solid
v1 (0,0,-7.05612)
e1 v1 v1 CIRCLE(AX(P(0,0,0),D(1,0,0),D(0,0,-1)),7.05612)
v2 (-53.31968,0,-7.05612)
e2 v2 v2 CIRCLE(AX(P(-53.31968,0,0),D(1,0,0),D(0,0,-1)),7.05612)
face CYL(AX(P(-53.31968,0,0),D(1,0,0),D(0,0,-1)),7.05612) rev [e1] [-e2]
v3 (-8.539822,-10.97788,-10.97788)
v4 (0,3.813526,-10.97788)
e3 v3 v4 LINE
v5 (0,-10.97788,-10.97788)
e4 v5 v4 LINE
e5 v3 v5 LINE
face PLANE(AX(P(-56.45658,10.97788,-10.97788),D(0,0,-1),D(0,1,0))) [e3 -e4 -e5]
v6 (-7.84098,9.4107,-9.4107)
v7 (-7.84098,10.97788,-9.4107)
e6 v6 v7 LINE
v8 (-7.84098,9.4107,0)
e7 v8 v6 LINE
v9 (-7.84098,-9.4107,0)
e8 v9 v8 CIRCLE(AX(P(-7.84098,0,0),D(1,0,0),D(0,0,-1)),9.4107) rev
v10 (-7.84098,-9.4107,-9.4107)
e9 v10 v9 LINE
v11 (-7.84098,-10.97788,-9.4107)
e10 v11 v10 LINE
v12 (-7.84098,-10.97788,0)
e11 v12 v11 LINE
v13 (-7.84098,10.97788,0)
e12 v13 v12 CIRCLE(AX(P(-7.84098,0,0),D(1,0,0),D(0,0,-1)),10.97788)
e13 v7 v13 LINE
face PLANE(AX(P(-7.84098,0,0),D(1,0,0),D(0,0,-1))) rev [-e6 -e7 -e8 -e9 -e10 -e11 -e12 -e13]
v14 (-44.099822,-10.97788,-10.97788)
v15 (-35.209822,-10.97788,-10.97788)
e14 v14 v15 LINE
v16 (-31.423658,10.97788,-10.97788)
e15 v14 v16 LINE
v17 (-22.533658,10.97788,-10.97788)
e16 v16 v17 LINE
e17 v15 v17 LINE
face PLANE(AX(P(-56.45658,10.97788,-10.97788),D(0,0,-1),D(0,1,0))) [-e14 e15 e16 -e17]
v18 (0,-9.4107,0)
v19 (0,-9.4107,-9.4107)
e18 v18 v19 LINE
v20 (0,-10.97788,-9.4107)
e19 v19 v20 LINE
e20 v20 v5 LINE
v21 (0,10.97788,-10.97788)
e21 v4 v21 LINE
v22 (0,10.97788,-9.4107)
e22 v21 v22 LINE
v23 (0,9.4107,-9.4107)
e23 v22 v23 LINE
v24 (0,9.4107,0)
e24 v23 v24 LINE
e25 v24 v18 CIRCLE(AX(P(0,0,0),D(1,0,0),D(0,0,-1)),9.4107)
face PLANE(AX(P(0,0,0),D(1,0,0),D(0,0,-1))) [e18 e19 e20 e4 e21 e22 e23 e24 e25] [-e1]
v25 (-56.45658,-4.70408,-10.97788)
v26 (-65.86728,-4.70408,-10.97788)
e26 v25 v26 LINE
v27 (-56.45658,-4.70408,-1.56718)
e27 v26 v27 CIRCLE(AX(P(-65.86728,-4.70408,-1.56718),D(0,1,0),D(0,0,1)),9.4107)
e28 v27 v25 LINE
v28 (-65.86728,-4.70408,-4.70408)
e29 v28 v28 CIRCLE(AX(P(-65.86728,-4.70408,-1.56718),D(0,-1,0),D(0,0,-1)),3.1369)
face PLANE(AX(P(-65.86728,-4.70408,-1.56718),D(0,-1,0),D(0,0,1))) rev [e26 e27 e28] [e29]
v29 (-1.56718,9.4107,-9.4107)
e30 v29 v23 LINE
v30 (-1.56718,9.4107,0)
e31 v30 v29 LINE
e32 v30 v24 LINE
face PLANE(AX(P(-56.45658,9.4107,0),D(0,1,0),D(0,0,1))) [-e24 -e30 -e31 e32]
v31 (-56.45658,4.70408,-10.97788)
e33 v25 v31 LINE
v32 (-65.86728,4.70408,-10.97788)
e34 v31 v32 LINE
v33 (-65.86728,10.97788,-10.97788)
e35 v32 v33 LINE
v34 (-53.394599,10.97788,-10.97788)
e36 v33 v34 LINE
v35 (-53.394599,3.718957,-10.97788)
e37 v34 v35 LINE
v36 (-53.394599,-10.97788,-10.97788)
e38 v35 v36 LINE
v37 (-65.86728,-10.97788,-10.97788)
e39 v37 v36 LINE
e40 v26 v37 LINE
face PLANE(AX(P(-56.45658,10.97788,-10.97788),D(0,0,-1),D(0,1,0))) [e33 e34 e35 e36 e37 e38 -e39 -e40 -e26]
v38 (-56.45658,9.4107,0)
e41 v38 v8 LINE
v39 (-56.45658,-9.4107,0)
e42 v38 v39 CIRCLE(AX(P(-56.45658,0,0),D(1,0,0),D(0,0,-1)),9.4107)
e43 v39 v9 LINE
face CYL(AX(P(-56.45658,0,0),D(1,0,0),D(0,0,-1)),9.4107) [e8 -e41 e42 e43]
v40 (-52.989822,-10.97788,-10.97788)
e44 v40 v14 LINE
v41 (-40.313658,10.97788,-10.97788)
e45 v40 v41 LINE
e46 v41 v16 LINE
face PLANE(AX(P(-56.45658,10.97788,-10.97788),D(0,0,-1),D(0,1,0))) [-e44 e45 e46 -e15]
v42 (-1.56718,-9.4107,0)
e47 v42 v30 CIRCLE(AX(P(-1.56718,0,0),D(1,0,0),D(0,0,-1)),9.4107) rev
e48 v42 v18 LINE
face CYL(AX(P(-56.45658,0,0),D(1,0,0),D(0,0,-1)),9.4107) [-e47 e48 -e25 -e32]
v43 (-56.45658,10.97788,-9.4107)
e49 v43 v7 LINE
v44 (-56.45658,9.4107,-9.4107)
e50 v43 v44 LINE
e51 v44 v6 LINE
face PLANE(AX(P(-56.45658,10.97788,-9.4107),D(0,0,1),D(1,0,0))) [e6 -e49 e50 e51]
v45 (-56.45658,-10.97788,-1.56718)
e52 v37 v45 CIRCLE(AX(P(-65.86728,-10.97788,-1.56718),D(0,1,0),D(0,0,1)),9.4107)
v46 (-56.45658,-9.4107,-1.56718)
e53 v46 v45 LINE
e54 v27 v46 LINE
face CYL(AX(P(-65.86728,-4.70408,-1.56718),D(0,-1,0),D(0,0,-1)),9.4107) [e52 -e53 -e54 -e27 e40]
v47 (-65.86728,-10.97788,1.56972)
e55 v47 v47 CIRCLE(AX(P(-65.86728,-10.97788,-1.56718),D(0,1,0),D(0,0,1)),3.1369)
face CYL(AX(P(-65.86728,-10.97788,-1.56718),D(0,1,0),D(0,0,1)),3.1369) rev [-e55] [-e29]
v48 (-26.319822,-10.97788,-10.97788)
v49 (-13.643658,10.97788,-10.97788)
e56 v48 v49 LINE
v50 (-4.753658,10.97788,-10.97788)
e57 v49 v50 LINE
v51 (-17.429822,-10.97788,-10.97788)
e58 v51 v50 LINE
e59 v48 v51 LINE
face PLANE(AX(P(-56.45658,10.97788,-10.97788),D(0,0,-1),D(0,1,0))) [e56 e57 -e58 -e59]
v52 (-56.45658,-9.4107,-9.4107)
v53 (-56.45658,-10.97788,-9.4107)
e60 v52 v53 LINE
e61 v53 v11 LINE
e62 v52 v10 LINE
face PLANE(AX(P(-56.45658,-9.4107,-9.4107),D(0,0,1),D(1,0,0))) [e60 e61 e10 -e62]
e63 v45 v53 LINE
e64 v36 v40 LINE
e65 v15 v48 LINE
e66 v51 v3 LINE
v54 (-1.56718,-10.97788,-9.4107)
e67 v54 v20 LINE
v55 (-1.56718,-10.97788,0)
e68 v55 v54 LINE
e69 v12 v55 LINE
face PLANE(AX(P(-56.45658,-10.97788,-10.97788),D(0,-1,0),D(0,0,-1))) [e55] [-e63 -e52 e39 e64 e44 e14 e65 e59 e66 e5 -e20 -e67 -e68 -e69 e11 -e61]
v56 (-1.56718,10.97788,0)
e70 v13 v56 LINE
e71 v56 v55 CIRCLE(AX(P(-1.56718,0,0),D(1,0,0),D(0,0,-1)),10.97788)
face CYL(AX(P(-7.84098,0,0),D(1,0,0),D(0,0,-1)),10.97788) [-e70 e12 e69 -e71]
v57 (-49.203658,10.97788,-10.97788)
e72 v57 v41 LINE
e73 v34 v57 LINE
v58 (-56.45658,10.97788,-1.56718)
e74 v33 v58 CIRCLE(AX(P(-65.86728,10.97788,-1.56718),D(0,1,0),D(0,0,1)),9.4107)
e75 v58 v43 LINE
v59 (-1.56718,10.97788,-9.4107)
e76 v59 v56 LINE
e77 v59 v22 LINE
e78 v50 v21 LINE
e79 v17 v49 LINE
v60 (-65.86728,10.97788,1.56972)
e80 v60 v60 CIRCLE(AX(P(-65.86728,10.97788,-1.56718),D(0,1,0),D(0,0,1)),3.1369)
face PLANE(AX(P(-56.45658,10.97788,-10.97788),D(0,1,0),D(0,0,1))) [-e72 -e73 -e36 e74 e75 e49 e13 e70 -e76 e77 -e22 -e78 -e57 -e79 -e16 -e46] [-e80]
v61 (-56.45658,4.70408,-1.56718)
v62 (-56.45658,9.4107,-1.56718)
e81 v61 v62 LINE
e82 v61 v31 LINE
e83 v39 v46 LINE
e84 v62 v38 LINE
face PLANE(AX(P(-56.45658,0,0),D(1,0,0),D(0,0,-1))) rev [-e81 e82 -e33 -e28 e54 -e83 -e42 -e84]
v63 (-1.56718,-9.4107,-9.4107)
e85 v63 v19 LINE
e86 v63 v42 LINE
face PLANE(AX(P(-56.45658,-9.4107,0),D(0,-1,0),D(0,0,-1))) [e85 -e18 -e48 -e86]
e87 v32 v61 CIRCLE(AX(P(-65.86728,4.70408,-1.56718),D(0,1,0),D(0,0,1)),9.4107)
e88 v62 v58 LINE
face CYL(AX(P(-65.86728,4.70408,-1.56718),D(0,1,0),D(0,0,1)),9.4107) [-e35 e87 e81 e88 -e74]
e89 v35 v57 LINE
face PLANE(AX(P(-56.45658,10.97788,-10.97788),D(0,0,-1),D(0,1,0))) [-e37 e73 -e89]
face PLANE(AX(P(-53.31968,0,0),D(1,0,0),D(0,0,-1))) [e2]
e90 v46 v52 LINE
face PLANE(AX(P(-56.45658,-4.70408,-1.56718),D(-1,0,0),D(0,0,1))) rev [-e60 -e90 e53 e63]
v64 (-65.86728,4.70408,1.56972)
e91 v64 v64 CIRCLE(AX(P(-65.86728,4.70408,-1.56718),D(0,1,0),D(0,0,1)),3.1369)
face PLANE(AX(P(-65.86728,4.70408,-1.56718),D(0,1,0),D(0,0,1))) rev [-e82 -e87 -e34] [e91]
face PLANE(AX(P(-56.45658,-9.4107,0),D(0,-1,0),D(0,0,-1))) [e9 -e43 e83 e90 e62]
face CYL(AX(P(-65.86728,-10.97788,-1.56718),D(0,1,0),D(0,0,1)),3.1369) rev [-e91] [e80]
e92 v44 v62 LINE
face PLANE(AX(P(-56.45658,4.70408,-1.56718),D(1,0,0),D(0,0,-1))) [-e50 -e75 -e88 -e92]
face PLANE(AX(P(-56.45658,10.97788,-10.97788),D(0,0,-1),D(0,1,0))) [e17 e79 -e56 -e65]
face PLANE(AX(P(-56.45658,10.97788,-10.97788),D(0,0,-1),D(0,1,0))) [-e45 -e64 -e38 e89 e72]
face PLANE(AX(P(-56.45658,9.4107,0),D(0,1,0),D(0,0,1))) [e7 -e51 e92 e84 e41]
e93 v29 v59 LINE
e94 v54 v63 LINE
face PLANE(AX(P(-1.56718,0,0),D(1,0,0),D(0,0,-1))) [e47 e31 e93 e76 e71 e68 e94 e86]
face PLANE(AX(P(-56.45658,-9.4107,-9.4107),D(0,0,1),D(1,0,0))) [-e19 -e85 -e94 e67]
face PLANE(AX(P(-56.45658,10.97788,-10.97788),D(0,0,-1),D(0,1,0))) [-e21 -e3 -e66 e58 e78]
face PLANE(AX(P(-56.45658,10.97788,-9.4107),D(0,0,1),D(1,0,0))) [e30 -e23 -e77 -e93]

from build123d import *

# Parameters (mm, degrees)
BOSS_EXTRUDE1_DEPTH = 56.45658
BOSS_EXTRUDE2_DEPTH = 6.2738
BOSS_EXTRUDE3_DEPTH = 6.2738
SKETCH5_R           = 3.1369
CUT_EXTRUDE1_DEPTH  = 22.95576
SKETCH6_R           = 7.05612
CUT_EXTRUDE2_DEPTH  = 53.31968


with BuildPart() as part:
    # Sketch1 → Boss-Extrude1 (new body)
    with BuildSketch(Plane(origin=(0, 0, 0), x_dir=(0, 0, -1), z_dir=(1, 0, 0))):
        with BuildLine():
            Line((10.97788, 10.97788), (10.97788, -10.97788))
            Line((10.97788, -10.97788), (9.4107, -10.97788))
            Line((9.4107, -10.97788), (9.4107, -9.4107))
            Line((9.4107, -9.4107), (0, -9.4107))
            ThreePointArc((0, -9.4107), (-9.4107, 0), (0, 9.4107))
            Line((0, 9.4107), (9.4107, 9.4107))
            Line((9.4107, 9.4107), (9.4107, 10.97788))
            Line((9.4107, 10.97788), (10.97788, 10.97788))
        make_face()
    extrude(amount=-BOSS_EXTRUDE1_DEPTH)

    # Sketch3 → Boss-Extrude2 (add)
    with BuildSketch(Plane(origin=(-1.56718, 0, 0), x_dir=(0, 0, -1), z_dir=(1, 0, 0))):
        with BuildLine():
            Line((9.4107, 10.97788), (0, 10.97788))
            ThreePointArc((0, 10.97788), (-10.97788, 0), (0, -10.97788))
            Line((0, -10.97788), (9.4107, -10.97788))
            Line((9.4107, -10.97788), (9.4107, 10.97788))
        make_face()
    extrude(amount=-BOSS_EXTRUDE2_DEPTH)

    # Sketch4 → Boss-Extrude3 (add)
    with BuildSketch(Plane(origin=(0, 10.97788, 0), x_dir=(1, 0, 0), z_dir=(0, 1, 0))):
        with BuildLine():
            Line((-56.45658, 10.97788), (-65.86728, 10.97788))
            ThreePointArc((-65.86728, 10.97788), (-72.521649786, -5.087189786), (-56.45658, 1.56718))
            Line((-56.45658, 1.56718), (-56.45658, 10.97788))
        make_face()
    boss_extrude3 = extrude(amount=-BOSS_EXTRUDE3_DEPTH)

    # Mirror1: Boss-Extrude3 across plane
    add(boss_extrude3.mirror(Plane.ZX))

    # Sketch5 → Cut-Extrude1 (cut, through all)
    with BuildSketch(Plane(origin=(0, 10.97788, 0), x_dir=(1, 0, 0), z_dir=(0, 1, 0))):
        with Locations((-65.86728, 1.56718)):
            Circle(SKETCH5_R)
    extrude(amount=-CUT_EXTRUDE1_DEPTH, mode=Mode.SUBTRACT)

    # Sketch6 → Cut-Extrude2 (cut)
    with BuildSketch(Plane(origin=(0, 0, 0), x_dir=(0, 0, -1), z_dir=(1, 0, 0))):
        Circle(SKETCH6_R)
    extrude(amount=-CUT_EXTRUDE2_DEPTH, mode=Mode.SUBTRACT)


solid = part.part
